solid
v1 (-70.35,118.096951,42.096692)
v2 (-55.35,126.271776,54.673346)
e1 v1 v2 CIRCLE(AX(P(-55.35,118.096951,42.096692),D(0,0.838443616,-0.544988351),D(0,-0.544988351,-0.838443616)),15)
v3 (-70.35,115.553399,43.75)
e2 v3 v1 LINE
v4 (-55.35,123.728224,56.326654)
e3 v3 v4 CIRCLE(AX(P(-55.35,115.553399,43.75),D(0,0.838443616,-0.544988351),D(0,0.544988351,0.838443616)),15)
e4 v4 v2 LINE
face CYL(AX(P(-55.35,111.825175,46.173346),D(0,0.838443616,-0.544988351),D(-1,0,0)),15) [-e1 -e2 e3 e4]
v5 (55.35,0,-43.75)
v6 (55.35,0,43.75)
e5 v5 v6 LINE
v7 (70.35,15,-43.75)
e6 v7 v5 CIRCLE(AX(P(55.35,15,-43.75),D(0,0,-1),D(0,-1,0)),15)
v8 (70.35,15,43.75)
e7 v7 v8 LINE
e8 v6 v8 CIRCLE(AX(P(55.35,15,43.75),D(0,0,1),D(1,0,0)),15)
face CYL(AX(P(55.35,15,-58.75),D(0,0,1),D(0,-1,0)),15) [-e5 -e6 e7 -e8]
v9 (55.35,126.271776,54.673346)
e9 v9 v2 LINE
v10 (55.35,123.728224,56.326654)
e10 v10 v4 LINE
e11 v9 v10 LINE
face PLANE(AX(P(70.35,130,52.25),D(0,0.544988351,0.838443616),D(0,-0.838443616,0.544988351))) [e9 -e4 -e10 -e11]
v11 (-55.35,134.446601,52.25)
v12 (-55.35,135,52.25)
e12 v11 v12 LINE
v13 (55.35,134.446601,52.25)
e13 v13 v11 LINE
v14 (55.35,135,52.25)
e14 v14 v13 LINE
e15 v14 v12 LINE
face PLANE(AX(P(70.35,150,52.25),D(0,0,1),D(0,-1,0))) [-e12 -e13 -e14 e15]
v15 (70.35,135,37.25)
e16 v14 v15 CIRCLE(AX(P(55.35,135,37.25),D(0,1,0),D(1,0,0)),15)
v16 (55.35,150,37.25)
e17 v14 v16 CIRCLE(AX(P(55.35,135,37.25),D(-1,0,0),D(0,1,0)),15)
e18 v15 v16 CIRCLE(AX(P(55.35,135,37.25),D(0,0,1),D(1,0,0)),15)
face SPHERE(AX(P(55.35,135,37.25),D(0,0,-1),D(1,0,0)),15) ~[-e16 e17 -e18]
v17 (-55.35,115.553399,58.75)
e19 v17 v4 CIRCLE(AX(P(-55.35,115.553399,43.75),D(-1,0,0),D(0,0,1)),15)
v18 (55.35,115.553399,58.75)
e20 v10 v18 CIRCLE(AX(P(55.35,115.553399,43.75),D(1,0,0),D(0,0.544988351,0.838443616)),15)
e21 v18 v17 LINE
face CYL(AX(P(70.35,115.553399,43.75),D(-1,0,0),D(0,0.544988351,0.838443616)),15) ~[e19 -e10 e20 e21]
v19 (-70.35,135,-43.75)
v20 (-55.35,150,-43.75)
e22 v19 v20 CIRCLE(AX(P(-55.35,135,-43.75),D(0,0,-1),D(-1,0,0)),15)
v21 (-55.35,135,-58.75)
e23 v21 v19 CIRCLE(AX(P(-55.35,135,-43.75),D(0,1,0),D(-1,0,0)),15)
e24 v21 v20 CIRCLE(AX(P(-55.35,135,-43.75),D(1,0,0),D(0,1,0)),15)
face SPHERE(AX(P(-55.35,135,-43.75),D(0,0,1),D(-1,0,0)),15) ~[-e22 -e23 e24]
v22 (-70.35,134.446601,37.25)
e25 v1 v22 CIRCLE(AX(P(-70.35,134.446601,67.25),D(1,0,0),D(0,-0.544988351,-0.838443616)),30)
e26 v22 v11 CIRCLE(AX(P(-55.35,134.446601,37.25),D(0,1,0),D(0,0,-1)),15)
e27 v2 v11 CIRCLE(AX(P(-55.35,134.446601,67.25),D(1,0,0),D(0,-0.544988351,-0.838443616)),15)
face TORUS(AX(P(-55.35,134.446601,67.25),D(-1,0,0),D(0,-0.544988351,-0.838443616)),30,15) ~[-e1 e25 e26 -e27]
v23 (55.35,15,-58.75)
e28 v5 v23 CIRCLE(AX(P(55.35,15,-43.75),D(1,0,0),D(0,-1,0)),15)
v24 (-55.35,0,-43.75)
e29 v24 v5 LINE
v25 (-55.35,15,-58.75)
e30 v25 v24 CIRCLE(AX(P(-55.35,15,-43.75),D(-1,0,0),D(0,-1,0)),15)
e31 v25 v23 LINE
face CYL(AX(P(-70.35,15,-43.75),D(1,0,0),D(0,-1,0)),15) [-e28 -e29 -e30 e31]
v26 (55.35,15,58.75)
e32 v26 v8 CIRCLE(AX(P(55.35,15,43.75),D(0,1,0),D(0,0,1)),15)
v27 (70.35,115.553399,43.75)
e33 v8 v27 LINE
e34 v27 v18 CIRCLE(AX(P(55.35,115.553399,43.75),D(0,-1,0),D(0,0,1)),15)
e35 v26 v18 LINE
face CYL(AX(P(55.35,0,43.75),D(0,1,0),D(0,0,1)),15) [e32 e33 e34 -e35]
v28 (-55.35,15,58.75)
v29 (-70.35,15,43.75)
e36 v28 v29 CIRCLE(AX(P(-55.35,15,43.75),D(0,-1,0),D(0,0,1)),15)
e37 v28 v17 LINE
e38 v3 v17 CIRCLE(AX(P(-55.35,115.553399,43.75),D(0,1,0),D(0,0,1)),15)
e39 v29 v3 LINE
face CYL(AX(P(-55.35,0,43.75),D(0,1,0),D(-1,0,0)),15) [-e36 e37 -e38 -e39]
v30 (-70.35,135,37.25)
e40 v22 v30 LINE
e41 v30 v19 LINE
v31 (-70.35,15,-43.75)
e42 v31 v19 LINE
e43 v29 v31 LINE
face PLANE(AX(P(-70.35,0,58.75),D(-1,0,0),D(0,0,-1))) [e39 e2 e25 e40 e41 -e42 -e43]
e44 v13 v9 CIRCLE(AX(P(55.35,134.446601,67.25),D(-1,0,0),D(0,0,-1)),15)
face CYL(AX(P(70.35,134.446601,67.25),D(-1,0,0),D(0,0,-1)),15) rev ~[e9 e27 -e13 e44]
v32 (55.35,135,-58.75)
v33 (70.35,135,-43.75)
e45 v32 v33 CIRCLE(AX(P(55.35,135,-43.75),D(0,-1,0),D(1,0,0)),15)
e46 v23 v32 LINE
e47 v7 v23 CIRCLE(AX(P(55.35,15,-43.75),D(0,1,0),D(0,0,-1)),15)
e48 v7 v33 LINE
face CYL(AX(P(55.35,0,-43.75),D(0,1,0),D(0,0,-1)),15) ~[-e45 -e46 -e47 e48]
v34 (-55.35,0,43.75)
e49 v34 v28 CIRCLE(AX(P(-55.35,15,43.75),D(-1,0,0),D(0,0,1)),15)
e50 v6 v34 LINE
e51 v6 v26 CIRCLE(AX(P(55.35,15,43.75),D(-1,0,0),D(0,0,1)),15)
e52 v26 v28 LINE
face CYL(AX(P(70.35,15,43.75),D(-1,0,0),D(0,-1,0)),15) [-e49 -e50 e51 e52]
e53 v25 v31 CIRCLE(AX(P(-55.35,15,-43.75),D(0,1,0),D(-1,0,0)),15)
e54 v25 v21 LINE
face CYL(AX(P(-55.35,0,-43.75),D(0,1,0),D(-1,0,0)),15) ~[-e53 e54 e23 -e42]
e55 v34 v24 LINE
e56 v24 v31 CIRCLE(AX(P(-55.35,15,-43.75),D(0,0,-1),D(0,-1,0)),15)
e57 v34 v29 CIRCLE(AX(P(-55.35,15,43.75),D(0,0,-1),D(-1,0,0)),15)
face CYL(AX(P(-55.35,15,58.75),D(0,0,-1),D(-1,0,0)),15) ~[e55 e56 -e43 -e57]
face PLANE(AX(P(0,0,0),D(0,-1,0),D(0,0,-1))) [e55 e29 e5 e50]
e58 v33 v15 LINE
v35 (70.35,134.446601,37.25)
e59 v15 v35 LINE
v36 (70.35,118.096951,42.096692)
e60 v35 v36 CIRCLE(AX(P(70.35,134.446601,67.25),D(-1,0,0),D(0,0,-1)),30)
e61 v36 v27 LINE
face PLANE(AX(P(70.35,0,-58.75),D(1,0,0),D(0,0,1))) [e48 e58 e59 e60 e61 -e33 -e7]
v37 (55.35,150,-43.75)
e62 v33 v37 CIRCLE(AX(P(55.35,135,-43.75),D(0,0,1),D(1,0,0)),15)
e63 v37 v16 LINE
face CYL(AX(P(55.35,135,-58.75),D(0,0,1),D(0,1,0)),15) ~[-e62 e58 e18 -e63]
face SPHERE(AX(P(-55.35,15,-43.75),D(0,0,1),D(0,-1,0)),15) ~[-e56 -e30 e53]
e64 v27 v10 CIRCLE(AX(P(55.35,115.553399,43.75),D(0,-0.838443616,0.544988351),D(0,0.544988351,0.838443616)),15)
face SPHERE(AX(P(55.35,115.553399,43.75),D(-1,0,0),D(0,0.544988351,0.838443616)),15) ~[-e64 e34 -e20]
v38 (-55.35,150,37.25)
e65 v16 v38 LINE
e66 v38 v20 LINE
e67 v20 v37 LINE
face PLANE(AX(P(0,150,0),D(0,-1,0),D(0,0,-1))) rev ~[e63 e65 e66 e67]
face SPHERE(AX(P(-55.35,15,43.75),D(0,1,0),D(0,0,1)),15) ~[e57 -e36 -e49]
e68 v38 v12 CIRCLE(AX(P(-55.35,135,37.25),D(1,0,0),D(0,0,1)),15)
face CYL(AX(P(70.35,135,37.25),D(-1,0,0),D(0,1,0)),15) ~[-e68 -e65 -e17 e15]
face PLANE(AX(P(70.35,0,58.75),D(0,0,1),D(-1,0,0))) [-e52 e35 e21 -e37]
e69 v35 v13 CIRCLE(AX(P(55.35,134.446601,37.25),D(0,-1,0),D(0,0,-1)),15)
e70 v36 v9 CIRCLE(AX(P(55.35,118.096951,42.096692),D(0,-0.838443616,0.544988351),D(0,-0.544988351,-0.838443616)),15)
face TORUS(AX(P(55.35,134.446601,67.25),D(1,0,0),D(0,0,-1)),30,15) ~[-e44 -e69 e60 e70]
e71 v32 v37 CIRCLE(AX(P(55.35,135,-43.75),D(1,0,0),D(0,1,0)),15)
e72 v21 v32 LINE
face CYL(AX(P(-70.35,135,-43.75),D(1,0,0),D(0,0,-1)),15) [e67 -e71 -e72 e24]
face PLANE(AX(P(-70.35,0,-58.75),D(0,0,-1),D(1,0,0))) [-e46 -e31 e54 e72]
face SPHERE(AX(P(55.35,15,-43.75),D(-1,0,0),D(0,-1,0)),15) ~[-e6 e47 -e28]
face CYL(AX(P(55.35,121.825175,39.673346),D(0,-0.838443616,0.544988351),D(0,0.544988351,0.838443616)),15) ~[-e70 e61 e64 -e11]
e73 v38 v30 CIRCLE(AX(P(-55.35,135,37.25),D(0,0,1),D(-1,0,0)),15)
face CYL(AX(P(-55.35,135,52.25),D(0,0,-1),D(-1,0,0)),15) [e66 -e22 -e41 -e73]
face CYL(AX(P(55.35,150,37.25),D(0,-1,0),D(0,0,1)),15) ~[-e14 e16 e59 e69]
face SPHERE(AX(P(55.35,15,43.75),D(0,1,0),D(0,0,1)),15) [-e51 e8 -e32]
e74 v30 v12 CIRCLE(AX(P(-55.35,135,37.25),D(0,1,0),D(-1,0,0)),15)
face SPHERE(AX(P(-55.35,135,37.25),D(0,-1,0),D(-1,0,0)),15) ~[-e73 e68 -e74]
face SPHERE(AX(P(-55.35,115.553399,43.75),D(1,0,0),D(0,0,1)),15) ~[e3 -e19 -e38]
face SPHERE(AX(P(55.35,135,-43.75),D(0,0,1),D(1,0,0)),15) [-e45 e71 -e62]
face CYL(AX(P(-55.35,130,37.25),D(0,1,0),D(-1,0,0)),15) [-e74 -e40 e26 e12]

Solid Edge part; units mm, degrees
sketch "Sketch1" plane through (0, 0, 0) normal (0, -1, 0) x (1, 0, 0)
  line L0 (-70.35, 58.75) -> (-70.35, -58.75)
  line L1 (-70.35, -58.75) -> (70.35, -58.75)
  line L2 (70.35, -58.75) -> (70.35, 58.75)
  line L3 (70.35, 58.75) -> (-70.35, 58.75)
extrude "Protrusion1" add sketch "Sketch1" against normal blind 150
sketch "Sketch2" plane through (70.35, 75, 0) normal (1, 0, 0) x (0, 1, 0)
  line L0 (75, 58.75) -> (75, 52.25)
  line L1 (75, 52.25) -> (55, 52.25)
  line L2 (55, 52.25) -> (45, 58.75)
  line L3 (45, 58.75) -> (75, 58.75)
  dimension "D1" = 30
  dimension "D2" = 20
  dimension "D3" = 6.5
extrude "ExtrudedCutout_1" cut sketch "Sketch2" against normal blind 172.2631
fillet "Round_2" radius 15 18 edges at (70.35, 60, 58.75) (0, 120, 58.75) (-70.35, 60, 58.75) (0, 0, 58.75) (-70.35, 0, 0) (0, 0, -58.75) (70.35, 0, 0) (70.35, 150, -3.25) (70.35, 140, 52.25) (70.35, 125, 55.5) (70.35, 75, -58.75) (-70.35, 125, 55.5) (-70.35, 140, 52.25) (-70.35, 150, -3.25) (-70.35, 75, -58.75) (0, 150, -58.75) (0, 150, 52.25) (0, 130, 52.25)
